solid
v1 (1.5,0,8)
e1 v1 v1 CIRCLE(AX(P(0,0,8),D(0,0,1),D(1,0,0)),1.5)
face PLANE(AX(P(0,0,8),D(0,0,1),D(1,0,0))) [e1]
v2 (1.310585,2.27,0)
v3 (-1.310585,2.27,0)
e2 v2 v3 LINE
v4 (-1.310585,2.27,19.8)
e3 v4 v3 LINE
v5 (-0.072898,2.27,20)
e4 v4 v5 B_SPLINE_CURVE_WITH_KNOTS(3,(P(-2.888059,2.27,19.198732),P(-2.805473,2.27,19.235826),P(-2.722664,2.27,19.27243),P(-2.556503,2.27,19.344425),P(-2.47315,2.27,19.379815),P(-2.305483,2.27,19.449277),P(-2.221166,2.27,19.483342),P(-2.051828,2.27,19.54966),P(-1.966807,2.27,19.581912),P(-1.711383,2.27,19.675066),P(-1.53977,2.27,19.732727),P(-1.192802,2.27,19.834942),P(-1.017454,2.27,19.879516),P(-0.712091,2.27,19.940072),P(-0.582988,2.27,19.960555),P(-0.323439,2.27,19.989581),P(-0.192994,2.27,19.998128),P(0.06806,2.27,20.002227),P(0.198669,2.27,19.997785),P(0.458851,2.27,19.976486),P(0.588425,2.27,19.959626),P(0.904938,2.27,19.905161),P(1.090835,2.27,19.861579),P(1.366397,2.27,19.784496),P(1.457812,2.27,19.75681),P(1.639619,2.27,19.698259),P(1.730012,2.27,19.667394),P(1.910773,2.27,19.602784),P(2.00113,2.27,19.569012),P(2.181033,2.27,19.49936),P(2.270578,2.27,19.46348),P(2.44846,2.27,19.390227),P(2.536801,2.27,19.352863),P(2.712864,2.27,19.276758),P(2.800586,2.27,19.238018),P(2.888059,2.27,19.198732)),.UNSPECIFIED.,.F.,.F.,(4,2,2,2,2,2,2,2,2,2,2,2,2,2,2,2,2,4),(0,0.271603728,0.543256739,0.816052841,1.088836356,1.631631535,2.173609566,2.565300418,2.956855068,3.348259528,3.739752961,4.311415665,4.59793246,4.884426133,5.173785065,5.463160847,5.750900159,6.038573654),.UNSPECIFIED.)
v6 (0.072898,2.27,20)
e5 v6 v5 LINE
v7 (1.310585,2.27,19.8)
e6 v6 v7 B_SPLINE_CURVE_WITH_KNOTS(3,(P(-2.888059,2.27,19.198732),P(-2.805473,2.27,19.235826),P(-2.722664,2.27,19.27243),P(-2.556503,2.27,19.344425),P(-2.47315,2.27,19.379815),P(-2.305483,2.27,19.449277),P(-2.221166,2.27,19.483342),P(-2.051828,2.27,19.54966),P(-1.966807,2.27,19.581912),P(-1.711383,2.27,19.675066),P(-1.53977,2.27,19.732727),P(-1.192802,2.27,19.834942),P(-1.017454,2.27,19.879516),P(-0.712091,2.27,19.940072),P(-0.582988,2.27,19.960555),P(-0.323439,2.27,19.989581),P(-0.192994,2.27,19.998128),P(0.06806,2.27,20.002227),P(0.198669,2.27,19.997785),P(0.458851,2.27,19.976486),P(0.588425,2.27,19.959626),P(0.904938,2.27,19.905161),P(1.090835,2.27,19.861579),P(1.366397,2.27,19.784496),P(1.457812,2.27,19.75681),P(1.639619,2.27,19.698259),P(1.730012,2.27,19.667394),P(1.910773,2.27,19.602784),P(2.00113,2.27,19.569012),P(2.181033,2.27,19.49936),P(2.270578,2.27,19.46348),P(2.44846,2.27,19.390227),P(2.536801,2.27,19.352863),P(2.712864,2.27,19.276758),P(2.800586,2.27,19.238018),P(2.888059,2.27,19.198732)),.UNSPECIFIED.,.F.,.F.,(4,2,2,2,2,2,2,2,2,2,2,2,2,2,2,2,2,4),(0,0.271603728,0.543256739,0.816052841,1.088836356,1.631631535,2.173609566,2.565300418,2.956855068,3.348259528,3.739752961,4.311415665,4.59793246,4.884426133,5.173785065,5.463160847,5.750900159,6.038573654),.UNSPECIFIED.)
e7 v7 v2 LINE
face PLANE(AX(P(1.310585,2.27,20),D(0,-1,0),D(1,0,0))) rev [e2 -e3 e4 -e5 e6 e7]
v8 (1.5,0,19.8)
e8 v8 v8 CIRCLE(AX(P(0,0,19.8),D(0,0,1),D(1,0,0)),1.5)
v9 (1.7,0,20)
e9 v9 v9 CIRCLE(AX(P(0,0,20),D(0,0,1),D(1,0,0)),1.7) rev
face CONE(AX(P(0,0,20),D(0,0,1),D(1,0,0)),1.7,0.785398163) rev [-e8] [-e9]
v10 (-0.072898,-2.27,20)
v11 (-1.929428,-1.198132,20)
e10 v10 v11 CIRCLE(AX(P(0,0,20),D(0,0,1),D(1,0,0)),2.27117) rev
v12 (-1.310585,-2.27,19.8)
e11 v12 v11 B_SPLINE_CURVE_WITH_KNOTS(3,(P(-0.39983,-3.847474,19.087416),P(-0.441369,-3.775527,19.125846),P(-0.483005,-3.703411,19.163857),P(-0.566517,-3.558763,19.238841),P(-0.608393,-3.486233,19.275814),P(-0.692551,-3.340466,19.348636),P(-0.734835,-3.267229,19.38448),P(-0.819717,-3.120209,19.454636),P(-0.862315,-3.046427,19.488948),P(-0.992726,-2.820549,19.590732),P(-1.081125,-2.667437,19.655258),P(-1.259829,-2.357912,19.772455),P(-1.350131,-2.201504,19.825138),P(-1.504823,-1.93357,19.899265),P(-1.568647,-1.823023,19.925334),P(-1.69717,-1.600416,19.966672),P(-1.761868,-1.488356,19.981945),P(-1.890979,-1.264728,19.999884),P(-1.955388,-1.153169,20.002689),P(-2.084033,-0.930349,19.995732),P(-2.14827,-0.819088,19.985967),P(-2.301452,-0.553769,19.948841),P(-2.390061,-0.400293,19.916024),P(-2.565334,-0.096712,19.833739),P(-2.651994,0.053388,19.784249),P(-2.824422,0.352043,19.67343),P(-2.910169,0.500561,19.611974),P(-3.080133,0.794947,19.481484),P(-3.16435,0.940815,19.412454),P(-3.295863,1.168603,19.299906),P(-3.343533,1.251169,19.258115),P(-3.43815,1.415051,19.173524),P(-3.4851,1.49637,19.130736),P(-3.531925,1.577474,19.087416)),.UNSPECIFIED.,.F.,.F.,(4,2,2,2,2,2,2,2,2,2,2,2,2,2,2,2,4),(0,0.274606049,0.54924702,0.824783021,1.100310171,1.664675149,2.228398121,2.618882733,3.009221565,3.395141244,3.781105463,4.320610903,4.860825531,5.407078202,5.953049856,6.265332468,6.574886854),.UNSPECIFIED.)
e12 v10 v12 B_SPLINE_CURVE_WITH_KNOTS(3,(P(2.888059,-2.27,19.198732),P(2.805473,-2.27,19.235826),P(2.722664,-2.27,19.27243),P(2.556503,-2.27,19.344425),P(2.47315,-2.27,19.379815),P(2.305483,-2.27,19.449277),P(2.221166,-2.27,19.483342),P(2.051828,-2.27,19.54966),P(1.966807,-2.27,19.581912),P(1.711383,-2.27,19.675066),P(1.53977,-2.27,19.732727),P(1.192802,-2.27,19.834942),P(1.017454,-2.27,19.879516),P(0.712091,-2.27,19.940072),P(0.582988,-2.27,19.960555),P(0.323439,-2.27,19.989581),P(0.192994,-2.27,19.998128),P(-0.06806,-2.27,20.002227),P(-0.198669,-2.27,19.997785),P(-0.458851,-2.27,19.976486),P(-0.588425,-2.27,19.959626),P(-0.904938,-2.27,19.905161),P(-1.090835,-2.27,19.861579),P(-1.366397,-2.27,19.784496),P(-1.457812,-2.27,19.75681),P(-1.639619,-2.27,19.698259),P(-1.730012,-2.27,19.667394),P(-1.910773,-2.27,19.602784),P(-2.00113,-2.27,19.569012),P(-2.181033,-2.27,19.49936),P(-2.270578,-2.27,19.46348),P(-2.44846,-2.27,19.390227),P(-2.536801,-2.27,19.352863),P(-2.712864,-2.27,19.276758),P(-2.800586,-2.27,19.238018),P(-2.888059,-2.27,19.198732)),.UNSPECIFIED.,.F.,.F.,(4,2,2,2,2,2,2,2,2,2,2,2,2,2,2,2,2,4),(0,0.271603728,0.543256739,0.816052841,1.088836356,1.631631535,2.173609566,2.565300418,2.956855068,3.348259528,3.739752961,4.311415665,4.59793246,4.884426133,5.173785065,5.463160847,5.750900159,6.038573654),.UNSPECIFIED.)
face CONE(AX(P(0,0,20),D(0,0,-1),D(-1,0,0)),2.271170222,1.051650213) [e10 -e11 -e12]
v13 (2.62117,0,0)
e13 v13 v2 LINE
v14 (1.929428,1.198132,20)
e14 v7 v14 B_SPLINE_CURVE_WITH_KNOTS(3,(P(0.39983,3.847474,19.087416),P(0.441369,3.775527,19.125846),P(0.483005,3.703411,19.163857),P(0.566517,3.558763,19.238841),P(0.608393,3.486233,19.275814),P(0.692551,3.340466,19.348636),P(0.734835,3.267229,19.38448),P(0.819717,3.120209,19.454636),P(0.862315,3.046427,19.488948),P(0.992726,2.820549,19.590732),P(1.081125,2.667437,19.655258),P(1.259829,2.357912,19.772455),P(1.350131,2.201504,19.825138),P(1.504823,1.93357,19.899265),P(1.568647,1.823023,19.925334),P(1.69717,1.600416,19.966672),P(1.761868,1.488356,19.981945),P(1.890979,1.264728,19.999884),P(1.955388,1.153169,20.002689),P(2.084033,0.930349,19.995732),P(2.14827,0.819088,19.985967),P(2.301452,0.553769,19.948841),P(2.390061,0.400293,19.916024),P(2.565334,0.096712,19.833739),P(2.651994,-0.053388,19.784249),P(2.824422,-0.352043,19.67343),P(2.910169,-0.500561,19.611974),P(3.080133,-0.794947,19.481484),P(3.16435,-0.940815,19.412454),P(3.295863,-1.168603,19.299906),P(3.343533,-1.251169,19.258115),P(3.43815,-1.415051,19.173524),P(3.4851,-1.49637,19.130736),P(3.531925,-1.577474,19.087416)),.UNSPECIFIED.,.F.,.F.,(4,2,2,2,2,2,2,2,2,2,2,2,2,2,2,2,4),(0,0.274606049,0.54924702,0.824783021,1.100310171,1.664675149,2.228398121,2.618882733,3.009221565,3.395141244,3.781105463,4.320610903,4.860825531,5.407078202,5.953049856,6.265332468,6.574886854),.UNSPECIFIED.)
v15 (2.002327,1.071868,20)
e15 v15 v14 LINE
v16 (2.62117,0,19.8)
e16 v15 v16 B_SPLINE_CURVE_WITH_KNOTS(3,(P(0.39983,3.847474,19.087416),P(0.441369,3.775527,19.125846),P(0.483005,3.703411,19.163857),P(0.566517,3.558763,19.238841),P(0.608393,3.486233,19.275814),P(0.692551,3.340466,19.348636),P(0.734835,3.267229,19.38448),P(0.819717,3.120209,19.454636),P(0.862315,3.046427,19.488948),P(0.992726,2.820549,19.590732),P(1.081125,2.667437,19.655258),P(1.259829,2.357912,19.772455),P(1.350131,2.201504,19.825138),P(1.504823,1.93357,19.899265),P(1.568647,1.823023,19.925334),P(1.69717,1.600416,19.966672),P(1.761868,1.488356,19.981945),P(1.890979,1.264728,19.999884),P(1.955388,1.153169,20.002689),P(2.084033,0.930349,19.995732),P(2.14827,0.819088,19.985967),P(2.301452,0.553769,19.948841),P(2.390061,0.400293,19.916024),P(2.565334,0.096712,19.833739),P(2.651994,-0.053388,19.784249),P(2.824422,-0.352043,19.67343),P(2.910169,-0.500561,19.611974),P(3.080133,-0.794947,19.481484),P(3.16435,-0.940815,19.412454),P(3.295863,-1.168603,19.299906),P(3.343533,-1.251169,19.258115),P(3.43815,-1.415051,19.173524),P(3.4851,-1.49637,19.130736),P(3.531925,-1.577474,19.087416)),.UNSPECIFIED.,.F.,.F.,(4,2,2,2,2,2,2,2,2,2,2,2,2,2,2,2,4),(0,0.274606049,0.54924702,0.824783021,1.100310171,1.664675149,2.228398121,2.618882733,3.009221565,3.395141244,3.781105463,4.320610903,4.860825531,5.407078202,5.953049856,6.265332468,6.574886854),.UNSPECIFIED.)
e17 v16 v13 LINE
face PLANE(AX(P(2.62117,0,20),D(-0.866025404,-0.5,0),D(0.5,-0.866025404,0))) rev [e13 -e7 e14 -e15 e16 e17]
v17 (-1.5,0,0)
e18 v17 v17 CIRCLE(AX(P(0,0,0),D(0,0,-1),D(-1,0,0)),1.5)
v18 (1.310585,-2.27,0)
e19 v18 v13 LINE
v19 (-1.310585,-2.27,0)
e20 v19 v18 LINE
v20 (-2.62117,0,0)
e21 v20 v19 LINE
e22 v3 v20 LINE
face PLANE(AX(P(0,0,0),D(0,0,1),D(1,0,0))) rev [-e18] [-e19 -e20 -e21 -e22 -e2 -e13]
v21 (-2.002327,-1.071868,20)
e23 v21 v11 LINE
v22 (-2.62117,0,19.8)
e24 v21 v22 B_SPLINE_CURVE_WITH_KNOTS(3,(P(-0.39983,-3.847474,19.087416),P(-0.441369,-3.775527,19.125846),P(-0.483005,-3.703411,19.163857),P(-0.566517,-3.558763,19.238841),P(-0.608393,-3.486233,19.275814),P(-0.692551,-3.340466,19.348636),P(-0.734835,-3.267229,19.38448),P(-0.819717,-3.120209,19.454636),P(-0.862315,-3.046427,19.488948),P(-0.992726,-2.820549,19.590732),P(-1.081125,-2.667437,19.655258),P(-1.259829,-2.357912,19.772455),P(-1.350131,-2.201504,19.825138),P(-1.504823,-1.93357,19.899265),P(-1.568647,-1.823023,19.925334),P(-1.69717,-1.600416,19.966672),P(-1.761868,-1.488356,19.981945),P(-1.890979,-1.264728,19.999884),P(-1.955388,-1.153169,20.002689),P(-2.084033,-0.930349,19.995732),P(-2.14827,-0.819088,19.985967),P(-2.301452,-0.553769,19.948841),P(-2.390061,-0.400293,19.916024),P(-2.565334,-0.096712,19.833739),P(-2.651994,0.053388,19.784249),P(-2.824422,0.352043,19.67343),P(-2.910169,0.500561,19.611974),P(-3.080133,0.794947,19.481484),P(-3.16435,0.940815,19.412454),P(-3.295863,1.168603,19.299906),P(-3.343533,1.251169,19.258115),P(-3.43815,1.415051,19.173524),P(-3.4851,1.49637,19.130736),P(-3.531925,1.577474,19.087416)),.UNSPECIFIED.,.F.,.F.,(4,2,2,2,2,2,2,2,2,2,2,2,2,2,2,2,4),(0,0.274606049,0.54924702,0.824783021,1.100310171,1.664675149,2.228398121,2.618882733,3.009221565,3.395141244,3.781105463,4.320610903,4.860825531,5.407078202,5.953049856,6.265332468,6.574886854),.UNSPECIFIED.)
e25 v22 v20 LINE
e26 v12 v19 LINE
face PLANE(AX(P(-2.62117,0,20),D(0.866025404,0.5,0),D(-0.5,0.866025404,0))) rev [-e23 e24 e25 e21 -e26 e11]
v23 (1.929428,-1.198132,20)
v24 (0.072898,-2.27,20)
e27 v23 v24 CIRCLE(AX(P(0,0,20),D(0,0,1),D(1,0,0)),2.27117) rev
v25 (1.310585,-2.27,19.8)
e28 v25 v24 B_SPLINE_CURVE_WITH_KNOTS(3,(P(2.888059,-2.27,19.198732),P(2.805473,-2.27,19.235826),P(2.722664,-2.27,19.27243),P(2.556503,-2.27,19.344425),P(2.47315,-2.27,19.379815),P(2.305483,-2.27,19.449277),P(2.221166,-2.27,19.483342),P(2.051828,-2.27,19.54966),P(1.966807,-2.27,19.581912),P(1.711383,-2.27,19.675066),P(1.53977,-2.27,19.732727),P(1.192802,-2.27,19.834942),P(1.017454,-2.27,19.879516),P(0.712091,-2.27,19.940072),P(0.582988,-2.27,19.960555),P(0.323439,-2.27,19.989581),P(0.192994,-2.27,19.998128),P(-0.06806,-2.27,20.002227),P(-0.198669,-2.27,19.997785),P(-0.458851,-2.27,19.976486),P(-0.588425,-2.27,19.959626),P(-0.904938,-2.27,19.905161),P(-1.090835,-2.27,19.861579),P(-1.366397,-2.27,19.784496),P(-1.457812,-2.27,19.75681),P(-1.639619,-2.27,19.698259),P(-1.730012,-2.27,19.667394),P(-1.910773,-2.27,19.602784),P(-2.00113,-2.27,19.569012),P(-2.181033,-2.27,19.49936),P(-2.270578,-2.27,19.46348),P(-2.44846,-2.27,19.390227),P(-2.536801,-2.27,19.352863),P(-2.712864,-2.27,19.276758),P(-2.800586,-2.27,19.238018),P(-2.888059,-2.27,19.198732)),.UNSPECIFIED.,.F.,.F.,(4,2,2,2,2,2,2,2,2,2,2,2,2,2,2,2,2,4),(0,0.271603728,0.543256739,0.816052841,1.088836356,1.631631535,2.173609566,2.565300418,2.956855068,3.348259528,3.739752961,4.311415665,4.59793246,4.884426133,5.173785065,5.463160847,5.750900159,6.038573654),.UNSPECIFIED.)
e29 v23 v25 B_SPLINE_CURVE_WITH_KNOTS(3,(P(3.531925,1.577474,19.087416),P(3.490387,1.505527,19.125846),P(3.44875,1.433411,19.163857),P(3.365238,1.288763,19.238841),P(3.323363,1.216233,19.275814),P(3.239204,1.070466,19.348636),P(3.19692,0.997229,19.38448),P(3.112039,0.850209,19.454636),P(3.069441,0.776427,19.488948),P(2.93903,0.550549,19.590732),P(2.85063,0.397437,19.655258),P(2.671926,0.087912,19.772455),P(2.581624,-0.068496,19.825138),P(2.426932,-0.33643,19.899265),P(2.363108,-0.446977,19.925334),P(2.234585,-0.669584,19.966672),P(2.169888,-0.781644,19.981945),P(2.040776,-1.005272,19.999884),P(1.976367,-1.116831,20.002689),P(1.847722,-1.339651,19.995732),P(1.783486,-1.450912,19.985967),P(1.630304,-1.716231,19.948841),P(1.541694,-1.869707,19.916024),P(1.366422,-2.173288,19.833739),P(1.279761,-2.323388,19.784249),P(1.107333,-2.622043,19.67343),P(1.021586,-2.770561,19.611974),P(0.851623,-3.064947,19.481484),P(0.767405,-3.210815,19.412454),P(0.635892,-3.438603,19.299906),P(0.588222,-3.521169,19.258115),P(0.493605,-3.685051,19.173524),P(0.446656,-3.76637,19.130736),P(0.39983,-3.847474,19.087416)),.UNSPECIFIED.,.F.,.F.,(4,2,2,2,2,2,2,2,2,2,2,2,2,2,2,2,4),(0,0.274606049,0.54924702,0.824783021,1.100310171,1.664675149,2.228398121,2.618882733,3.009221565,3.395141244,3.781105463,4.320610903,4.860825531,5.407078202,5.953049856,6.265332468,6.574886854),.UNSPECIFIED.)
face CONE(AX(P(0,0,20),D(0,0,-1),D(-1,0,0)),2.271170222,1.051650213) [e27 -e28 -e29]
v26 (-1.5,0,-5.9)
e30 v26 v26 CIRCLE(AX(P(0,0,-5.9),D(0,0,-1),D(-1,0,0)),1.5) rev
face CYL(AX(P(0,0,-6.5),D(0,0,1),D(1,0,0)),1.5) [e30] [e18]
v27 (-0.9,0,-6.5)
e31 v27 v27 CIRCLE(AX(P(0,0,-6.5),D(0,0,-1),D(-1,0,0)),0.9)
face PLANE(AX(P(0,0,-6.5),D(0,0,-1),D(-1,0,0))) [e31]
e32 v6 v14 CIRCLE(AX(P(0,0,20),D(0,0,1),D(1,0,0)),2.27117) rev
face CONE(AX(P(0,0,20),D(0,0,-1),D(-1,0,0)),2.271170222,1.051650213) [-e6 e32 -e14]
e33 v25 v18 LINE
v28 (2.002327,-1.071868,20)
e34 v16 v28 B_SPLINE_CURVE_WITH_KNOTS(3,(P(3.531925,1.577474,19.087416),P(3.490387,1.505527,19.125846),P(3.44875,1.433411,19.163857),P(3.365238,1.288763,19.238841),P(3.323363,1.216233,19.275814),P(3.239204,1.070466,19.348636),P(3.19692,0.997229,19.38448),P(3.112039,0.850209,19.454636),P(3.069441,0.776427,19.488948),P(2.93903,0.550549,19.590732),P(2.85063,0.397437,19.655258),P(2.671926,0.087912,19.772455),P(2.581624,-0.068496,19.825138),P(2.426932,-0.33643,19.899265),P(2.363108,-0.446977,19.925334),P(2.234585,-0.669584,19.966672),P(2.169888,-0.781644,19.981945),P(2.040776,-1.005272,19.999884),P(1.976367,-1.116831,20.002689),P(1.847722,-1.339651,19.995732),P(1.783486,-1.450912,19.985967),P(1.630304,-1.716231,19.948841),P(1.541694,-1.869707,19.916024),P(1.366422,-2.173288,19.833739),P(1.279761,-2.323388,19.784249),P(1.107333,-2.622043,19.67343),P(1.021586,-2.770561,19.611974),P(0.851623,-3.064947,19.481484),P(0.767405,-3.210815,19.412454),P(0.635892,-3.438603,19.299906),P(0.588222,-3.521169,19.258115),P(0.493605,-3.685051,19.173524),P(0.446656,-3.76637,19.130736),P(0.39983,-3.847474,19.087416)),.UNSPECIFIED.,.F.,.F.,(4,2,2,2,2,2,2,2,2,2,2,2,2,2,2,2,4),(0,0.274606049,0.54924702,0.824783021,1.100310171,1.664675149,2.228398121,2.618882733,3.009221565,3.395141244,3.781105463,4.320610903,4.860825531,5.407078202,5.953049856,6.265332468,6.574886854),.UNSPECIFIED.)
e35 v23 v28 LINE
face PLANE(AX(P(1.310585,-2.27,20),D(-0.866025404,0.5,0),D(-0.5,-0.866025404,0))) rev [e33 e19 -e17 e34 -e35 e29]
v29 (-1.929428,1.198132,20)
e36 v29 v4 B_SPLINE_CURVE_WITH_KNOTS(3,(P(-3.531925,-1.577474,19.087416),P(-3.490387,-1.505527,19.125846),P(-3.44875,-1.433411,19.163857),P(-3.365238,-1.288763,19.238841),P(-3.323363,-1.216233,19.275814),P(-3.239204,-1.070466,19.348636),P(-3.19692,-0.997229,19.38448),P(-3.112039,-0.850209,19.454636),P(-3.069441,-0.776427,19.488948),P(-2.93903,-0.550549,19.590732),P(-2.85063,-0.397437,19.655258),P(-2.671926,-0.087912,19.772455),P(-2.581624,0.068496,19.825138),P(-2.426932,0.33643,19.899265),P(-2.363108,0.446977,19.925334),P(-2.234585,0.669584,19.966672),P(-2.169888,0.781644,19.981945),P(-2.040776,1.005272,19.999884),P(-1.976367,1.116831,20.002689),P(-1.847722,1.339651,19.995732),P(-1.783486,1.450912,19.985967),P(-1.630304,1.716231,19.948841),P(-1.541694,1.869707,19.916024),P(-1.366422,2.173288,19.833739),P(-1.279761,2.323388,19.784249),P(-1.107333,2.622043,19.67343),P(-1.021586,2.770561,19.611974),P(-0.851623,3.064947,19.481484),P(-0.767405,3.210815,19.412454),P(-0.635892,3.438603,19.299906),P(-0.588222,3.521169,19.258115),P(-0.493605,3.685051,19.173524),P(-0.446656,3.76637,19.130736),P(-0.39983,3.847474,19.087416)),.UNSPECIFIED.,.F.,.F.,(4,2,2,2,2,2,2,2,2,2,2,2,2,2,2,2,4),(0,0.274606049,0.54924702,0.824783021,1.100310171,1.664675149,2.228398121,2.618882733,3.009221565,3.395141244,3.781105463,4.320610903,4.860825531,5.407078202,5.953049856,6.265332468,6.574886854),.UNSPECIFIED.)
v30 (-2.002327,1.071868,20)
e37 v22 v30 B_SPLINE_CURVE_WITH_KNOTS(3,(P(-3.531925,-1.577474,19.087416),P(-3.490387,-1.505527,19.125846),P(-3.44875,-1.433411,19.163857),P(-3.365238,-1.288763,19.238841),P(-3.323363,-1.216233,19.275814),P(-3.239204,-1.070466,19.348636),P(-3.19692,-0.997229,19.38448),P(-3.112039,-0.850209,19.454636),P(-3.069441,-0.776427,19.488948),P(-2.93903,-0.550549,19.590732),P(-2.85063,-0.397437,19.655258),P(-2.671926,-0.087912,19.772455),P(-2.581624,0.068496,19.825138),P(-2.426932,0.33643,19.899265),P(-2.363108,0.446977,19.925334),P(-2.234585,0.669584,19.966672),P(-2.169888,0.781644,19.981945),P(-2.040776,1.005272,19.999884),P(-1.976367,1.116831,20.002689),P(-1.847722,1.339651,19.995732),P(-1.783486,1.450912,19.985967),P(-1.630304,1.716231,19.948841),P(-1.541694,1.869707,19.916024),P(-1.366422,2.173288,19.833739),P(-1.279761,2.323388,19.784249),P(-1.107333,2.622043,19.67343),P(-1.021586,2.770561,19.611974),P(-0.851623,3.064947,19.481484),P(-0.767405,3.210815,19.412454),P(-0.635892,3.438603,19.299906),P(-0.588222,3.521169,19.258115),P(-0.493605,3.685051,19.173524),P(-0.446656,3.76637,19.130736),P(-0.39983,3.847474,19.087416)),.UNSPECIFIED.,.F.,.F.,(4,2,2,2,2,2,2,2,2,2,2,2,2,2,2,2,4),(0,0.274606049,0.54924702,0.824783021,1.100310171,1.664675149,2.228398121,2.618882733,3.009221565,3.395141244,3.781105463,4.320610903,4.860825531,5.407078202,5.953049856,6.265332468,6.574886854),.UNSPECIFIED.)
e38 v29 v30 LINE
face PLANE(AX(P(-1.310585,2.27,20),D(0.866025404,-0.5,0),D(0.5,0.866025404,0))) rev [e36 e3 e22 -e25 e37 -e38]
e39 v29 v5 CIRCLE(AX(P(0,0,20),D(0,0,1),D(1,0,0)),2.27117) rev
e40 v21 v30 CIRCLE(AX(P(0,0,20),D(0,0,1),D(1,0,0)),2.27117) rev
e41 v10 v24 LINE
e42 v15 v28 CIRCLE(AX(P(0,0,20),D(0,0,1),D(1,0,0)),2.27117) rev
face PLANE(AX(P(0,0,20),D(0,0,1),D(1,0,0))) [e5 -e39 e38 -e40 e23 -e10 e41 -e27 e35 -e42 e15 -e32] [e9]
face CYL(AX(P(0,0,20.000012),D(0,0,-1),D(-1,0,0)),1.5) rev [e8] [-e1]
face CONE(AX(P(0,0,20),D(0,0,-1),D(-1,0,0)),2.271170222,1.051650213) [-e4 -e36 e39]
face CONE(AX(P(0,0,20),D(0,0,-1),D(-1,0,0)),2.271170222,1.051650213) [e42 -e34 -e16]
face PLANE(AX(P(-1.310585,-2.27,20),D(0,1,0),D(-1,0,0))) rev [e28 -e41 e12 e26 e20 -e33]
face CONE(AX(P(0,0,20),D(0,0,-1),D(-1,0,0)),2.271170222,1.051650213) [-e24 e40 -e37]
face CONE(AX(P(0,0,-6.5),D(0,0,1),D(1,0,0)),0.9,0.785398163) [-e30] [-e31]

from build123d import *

# Parameters (mm, degrees)
BOSS_EXTRUDE1_DEPTH     = 20
SKETCH2_R               = 1.5
CUT_EXTRUDE1_DEPTH      = 1
CUT_EXTRUDE1_DEPTH_BACK = 12
CHAMFER1_SIZE           = 0.2
SKETCH4_R               = 1.5
BOSS_EXTRUDE2_DEPTH     = 6.5
CHAMFER2_SIZE           = 0.6


with BuildPart() as part:
    # Sketch1 → Boss-Extrude1 (new body)
    with BuildSketch(Plane.XY):
        Polygon((2.621170222, 0), (1.310585111, 2.27), (-1.310585111, 2.27), (-2.621170222, 0), (-1.310585111, -2.27), (1.310585111, -2.27), align=None)
    extrude(amount=BOSS_EXTRUDE1_DEPTH)

    # Sketch2 → Cut-Extrude1 (cut, two sides)
    with BuildSketch(Plane.XY.offset(20)) as cut_extrude1_sk:
        Circle(SKETCH2_R)
    extrude(amount=CUT_EXTRUDE1_DEPTH, mode=Mode.SUBTRACT)
    extrude(cut_extrude1_sk.sketch, amount=-CUT_EXTRUDE1_DEPTH_BACK, mode=Mode.SUBTRACT)

    # Sketch3 → Cut-Revolve1 (revolve, cut)
    with BuildSketch(Plane(origin=(0, 0, 0), x_dir=(1, 0, 0), z_dir=(0, 1, 0))):
        Polygon((-2.621170222, -20), (-2.271170222, -20), (-2.621170222, -19.8), align=None)
    revolve(axis=Axis((0, 0, 8), (0, 0, 1)), mode=Mode.SUBTRACT)

    # Chamfer1
    chamfer1_edges = [part.edges().sort_by_distance(p)[0] for p in [
        (-1.5, 0, 20),
    ]]
    chamfer(chamfer1_edges, length=CHAMFER1_SIZE)

    # Sketch4 → Boss-Extrude2 (add)
    with BuildSketch(Plane(origin=(0, 0, 0), x_dir=(-1, 0, 0), z_dir=(0, 0, -1))):
        Circle(SKETCH4_R)
    extrude(amount=BOSS_EXTRUDE2_DEPTH)

    # Chamfer2
    chamfer2_edges = [part.edges().sort_by_distance(p)[0] for p in [
        (1.5, 0, -6.5),
    ]]
    chamfer(chamfer2_edges, length=CHAMFER2_SIZE)


solid = part.part
